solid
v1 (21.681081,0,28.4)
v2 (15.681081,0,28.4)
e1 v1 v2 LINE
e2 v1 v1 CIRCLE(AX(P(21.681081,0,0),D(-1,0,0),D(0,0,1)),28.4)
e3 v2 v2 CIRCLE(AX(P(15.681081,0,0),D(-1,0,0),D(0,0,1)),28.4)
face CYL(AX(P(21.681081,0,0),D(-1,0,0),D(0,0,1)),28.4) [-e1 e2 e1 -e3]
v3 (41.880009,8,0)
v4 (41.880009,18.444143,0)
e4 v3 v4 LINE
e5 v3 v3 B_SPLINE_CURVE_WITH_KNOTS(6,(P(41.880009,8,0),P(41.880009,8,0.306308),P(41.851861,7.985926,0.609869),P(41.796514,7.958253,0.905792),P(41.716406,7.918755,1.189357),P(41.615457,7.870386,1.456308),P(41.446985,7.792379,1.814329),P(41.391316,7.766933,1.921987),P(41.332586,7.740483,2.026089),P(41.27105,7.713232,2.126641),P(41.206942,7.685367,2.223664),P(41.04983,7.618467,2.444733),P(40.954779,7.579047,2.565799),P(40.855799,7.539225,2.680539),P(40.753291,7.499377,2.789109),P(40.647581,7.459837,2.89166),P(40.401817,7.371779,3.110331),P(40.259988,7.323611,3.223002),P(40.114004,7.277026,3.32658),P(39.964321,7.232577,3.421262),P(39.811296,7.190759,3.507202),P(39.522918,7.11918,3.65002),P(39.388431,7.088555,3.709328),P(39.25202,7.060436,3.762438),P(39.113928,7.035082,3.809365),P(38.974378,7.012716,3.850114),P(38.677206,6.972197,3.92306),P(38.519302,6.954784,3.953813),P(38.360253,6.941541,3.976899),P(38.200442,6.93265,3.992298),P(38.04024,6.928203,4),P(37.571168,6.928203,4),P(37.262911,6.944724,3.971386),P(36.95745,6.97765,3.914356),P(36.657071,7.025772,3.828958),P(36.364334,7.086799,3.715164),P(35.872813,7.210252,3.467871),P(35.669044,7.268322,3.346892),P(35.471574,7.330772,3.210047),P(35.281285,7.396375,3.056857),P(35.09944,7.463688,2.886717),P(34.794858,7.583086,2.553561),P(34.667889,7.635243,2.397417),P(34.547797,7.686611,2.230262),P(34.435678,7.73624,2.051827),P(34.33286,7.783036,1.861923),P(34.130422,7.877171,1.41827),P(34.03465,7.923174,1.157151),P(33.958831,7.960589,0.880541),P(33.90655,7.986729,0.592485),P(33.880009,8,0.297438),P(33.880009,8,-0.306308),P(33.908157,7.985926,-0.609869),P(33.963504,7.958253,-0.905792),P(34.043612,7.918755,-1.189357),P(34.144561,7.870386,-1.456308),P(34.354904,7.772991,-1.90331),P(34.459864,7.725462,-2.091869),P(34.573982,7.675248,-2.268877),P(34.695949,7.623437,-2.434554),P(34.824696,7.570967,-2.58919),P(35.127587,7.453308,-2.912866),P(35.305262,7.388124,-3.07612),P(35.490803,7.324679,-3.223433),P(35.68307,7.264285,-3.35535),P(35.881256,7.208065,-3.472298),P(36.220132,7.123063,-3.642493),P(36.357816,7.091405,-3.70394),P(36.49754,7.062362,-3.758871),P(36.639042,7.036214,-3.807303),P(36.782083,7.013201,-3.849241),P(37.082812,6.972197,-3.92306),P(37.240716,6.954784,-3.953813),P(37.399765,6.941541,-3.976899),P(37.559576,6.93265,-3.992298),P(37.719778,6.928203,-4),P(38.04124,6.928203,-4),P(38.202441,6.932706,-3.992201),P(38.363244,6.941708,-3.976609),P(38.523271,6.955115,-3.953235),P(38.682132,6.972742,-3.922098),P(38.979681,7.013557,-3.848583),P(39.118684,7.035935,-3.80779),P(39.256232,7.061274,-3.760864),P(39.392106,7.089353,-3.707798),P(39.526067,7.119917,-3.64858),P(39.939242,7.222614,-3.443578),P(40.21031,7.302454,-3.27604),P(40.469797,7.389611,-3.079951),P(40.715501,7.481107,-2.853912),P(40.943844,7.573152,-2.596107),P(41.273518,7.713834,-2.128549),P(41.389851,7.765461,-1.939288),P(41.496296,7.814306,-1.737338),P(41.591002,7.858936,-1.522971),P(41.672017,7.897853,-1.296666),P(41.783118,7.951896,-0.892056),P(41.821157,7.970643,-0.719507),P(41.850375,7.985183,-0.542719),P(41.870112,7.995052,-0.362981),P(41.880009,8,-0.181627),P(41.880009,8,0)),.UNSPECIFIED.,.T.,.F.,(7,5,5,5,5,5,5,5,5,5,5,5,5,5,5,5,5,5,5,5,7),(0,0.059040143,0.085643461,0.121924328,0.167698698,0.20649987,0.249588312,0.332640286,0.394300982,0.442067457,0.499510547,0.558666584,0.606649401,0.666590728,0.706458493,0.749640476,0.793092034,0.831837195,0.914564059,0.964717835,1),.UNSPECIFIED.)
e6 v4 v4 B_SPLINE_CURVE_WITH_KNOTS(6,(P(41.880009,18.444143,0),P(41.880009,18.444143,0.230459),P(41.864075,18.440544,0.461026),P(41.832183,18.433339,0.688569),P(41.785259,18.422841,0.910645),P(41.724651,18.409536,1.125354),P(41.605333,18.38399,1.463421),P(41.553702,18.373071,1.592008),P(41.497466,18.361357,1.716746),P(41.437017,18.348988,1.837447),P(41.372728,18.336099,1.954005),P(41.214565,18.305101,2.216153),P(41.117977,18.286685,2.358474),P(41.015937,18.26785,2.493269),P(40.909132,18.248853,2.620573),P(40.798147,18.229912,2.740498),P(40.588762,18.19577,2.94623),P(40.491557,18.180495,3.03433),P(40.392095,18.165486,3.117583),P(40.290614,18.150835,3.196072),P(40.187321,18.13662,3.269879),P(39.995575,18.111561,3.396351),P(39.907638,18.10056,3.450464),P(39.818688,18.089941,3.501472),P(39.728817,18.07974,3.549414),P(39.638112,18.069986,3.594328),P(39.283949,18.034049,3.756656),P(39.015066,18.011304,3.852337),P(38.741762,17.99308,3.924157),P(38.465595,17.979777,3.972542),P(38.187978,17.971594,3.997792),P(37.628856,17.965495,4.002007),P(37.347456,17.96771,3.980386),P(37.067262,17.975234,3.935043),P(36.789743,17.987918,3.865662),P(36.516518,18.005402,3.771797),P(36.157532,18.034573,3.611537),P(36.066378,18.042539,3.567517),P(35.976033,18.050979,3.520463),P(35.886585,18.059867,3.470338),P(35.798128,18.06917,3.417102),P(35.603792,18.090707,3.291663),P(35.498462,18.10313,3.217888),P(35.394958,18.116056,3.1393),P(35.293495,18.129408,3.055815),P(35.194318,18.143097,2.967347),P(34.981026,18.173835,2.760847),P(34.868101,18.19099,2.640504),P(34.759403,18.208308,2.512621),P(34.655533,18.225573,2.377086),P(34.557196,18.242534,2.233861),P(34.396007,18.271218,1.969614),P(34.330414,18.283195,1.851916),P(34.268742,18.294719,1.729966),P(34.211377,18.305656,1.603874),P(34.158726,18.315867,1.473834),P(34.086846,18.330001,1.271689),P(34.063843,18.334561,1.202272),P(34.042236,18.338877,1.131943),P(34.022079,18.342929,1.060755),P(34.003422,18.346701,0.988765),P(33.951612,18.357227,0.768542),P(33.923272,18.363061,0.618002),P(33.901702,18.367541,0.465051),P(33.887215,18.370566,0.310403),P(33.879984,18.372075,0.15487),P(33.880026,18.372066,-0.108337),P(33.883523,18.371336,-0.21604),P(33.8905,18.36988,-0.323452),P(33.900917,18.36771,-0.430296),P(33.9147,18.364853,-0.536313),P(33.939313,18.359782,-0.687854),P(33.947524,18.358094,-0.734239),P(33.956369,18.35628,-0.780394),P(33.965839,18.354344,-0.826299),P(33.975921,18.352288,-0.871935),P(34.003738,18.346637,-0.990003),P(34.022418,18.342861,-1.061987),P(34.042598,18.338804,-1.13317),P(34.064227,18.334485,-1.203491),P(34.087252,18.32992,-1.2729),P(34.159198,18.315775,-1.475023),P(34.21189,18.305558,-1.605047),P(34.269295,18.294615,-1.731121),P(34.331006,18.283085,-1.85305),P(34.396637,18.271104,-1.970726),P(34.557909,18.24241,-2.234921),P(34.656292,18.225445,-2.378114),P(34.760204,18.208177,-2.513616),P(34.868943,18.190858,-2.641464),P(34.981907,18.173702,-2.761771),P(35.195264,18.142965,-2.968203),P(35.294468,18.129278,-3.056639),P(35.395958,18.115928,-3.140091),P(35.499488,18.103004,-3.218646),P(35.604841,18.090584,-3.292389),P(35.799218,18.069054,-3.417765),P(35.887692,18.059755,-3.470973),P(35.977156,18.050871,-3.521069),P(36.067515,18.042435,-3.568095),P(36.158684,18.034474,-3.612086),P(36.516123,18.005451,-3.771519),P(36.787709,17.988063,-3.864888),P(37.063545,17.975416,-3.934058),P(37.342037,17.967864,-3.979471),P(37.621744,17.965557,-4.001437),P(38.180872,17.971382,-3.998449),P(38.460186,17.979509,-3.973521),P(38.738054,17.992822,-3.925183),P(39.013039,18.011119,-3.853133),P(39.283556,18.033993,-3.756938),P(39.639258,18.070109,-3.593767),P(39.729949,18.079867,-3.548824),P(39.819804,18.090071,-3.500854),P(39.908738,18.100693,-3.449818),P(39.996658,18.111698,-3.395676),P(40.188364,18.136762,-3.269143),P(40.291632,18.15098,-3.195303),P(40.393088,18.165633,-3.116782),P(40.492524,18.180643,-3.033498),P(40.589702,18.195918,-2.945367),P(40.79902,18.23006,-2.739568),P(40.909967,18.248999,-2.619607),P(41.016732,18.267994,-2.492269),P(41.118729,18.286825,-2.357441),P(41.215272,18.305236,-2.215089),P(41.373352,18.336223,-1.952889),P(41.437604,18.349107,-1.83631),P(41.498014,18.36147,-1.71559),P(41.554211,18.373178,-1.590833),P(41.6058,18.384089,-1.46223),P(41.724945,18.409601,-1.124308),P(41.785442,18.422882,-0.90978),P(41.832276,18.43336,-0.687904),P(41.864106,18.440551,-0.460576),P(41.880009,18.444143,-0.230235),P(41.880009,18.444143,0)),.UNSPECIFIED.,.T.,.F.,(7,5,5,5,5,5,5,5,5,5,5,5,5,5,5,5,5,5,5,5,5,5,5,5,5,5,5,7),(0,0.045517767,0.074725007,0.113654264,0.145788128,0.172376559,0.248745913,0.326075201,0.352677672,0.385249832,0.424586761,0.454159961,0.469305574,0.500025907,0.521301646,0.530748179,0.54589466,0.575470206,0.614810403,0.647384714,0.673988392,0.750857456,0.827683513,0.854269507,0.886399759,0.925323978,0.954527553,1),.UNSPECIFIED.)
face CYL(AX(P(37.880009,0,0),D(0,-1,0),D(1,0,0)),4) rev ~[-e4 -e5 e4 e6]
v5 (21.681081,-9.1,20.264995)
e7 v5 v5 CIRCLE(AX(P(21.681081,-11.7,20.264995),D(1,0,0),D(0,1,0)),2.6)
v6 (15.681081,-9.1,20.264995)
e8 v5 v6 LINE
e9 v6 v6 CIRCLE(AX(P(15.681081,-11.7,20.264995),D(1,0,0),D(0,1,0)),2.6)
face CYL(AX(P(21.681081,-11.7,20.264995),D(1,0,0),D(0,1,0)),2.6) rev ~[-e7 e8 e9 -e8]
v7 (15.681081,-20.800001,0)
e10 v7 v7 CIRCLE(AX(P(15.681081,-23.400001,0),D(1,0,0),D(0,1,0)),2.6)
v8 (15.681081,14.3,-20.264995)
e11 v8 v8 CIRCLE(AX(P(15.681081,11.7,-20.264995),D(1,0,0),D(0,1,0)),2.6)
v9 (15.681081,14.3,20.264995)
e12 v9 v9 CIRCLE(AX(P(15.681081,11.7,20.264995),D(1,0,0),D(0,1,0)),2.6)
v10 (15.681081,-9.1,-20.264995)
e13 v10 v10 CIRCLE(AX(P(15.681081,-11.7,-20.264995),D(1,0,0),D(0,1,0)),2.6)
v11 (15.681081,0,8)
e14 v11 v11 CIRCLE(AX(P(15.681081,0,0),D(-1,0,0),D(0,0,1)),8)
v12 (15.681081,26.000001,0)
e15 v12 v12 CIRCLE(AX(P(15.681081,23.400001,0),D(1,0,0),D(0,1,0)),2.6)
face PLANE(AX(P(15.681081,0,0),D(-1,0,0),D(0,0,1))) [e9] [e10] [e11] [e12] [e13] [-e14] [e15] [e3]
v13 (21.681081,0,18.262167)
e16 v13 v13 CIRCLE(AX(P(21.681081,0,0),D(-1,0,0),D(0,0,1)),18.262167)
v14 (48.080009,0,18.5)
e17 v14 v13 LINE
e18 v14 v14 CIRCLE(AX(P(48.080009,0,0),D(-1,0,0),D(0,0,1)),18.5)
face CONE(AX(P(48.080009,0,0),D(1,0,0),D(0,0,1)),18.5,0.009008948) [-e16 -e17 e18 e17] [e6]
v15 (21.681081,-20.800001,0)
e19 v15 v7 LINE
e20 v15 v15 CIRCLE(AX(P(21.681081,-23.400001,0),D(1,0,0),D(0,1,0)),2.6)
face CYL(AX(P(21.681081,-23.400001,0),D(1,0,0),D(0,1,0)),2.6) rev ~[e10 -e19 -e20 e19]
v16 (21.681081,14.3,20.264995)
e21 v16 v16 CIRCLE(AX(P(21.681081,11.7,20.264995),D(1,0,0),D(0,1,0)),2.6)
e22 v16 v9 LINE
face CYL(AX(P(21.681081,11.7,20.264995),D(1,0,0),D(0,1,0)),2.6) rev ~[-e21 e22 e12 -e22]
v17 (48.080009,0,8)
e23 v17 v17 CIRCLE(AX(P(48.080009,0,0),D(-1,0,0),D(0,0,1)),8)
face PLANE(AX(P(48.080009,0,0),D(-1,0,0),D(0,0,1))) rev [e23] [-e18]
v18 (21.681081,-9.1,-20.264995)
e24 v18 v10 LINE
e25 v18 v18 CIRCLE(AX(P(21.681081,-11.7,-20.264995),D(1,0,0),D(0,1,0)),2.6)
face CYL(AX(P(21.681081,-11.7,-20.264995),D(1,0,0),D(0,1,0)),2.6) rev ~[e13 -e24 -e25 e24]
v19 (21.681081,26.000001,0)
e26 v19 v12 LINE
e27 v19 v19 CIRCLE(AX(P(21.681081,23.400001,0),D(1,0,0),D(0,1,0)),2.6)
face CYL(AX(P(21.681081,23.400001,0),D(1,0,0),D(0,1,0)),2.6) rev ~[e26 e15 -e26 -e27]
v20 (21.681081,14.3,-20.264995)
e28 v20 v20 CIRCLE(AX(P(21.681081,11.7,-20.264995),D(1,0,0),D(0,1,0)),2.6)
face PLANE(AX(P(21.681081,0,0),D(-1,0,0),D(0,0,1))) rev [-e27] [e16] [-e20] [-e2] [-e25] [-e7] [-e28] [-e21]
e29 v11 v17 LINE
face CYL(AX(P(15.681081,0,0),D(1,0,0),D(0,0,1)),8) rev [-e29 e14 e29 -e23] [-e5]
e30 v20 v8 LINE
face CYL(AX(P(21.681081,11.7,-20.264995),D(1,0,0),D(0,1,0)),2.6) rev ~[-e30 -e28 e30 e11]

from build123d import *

# Parameters (mm, degrees)
F2_R     = 2.6
F3_DEPTH = 6
F4_R     = 4
F5_DEPTH = 28.401


with BuildPart() as f1:
    # F0 (on Front) → F1 (revolve)
    with BuildSketch(Plane.XZ):
        Polygon((48.080009, 8), (48.080009, 18.5), (21.681081, 18.262167), (21.681081, 28.4), (15.681081, 28.4), (15.681081, 8), align=None)
    revolve(axis=Axis((22.226226, 0, 0), (-1, 0, 0)))

    # F2 (on face) → F3 (cut)
    with BuildSketch(Plane.YZ.offset(21.681081)):
        with Locations((-23.400001, 0)):
            Circle(F2_R)
        with Locations((-11.7, -20.264995)):
            Circle(F2_R)
        with Locations((11.7, -20.264995)):
            Circle(F2_R)
        with Locations((23.400001, 0)):
            Circle(F2_R)
        with Locations((11.7, 20.264995)):
            Circle(F2_R)
        with Locations((-11.7, 20.264995)):
            Circle(F2_R)
    extrude(amount=-F3_DEPTH, mode=Mode.SUBTRACT)

    # F4 (on Front) → F5 (cut, through all)
    with BuildSketch(Plane.XZ):
        with Locations((37.880009, 0)):
            Circle(F4_R)
    extrude(amount=-F5_DEPTH, mode=Mode.SUBTRACT)


solid = f1.part
